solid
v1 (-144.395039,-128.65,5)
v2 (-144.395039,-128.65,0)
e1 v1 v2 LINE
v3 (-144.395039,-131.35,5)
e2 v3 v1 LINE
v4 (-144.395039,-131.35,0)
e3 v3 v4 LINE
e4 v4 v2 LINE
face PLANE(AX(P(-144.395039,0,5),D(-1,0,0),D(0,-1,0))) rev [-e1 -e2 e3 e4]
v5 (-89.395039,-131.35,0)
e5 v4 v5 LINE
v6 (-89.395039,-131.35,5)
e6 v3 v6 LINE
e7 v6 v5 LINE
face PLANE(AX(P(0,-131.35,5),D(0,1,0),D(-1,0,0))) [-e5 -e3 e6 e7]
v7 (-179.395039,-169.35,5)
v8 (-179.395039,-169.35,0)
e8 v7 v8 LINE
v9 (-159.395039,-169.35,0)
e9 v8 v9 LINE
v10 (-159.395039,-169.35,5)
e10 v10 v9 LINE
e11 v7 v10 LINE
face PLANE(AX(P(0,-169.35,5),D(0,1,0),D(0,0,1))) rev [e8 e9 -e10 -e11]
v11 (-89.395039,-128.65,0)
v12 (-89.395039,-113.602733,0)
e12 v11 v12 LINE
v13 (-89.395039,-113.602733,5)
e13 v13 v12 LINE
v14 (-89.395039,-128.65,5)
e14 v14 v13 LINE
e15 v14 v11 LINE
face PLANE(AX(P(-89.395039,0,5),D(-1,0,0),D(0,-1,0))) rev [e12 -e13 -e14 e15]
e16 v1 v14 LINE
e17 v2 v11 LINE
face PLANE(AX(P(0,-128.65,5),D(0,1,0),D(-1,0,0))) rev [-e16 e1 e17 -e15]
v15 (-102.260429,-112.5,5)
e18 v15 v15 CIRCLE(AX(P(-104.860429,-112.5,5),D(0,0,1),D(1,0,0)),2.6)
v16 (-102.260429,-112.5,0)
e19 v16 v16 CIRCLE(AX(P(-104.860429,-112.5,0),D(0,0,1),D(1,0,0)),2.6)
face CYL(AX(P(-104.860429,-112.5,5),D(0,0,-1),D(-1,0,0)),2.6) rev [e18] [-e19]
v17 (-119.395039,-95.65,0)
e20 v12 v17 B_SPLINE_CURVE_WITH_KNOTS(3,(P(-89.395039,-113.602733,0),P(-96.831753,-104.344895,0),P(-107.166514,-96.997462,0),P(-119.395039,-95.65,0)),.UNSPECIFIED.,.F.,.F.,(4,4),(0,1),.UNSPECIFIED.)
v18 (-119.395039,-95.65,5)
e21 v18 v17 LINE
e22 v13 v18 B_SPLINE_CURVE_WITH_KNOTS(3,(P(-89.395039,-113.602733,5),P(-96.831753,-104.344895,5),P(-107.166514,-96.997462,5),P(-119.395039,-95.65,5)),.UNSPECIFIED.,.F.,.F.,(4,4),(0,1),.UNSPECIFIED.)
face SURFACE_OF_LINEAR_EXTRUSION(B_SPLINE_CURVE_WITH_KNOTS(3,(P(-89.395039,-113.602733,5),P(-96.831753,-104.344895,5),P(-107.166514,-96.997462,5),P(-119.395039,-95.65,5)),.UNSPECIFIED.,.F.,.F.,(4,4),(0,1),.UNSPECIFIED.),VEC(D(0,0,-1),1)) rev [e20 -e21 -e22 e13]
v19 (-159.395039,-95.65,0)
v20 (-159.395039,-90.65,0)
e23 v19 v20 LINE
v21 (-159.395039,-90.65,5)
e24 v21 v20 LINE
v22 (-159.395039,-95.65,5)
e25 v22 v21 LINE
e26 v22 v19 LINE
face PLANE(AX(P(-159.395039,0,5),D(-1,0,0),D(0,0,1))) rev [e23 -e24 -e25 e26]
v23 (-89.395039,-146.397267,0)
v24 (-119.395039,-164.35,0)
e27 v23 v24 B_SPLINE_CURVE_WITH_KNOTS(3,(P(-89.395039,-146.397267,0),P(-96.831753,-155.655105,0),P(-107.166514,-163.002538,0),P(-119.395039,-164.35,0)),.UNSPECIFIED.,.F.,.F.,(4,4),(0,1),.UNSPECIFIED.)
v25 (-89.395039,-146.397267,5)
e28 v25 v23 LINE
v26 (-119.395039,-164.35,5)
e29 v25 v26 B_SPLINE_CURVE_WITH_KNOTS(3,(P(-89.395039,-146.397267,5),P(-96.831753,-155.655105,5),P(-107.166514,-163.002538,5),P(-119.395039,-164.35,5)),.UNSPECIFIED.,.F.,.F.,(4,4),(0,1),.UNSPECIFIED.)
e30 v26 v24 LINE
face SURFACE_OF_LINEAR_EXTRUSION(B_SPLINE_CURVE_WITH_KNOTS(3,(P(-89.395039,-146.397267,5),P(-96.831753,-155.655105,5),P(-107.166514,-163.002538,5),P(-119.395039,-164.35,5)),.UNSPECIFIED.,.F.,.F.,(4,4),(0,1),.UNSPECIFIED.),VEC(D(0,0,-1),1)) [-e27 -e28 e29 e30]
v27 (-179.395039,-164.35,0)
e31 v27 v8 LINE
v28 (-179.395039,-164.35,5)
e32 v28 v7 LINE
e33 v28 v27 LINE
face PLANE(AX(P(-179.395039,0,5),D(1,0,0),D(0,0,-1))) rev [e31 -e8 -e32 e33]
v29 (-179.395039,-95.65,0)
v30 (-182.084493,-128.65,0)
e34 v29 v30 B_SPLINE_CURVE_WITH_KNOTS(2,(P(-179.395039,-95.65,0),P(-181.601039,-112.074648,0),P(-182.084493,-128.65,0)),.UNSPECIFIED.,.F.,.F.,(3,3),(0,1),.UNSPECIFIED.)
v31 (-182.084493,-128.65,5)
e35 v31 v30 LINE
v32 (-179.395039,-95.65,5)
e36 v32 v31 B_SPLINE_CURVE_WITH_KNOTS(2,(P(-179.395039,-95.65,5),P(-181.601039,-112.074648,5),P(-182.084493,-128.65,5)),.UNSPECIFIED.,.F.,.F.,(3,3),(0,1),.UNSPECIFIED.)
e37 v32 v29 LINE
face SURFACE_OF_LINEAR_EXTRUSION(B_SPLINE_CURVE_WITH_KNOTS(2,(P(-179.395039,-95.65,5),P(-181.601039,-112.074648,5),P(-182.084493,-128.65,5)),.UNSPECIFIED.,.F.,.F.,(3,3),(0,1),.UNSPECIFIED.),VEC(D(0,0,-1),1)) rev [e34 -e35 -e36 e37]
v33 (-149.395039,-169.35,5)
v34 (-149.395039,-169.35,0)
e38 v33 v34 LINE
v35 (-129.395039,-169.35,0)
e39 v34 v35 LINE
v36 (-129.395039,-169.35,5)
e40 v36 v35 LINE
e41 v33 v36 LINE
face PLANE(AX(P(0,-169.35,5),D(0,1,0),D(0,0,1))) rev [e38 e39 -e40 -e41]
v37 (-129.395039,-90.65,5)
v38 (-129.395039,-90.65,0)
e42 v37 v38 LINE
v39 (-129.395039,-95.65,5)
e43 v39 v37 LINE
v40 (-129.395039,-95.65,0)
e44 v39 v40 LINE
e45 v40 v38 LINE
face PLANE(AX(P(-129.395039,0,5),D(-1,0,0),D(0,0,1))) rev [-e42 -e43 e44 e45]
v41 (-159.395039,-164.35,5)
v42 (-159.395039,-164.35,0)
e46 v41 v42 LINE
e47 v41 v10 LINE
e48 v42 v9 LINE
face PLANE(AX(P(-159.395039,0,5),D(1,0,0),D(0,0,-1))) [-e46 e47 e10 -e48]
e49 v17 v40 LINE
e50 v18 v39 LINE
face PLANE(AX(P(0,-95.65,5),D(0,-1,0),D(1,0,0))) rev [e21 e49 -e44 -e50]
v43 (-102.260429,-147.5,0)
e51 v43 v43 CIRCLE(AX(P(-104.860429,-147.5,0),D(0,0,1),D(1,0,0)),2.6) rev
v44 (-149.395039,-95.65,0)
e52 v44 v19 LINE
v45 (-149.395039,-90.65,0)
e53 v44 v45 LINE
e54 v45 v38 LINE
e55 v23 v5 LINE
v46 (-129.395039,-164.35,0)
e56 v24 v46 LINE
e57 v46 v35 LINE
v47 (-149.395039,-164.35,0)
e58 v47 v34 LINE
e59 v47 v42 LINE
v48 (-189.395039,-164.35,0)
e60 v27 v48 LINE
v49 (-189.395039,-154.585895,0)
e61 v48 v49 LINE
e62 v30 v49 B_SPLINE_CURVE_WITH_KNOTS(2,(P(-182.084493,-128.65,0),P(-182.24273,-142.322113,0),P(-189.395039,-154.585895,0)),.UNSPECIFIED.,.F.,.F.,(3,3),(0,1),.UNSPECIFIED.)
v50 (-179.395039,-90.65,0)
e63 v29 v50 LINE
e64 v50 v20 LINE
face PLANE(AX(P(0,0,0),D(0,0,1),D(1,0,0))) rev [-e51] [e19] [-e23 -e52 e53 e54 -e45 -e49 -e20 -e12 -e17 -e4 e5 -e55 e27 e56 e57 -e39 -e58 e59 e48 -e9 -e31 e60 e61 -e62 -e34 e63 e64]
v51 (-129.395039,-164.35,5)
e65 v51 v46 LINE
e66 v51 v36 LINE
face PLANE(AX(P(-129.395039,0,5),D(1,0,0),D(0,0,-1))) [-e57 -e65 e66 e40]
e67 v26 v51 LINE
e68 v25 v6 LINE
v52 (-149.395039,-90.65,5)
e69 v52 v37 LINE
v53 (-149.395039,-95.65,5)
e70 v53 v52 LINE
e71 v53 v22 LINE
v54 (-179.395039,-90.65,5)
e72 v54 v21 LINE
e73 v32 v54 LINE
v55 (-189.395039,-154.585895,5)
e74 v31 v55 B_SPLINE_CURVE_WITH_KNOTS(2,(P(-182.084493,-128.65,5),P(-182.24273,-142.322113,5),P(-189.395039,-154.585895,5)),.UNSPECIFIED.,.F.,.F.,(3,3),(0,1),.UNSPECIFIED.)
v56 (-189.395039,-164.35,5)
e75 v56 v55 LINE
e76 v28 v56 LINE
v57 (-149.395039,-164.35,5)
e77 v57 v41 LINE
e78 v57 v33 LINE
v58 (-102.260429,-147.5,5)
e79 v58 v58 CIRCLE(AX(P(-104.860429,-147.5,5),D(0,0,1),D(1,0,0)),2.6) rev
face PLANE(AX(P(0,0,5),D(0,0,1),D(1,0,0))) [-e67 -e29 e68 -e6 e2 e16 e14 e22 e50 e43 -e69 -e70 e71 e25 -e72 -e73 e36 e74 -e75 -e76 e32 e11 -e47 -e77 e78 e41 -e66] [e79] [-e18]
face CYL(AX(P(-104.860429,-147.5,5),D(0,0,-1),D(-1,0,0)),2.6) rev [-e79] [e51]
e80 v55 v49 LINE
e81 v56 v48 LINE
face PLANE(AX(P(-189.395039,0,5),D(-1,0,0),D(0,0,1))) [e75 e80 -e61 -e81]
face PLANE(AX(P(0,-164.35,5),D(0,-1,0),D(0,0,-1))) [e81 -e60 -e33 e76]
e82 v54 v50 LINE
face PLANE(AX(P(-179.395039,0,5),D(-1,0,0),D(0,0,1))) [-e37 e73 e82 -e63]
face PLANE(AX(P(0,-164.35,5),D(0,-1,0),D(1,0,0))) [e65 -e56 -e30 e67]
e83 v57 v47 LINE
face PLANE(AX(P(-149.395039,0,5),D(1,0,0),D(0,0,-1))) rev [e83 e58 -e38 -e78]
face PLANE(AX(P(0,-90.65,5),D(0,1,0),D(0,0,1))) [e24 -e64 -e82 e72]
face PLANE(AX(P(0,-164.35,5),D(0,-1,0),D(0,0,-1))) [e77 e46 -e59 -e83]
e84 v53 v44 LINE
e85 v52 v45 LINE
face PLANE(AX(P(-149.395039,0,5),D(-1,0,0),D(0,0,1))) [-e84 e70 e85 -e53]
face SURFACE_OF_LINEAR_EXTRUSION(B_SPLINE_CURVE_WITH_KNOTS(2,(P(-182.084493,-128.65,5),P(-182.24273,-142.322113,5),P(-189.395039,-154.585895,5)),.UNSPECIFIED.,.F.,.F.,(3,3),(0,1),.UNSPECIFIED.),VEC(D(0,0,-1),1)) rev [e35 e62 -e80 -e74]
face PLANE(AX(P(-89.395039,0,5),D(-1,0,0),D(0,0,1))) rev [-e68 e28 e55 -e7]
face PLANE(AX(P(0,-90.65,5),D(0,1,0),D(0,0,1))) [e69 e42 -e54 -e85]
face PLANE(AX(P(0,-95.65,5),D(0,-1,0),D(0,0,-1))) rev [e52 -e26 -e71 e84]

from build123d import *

# Parameters (mm, degrees)
SKETCH1_R           = 2.6
BOSS_EXTRUDE1_DEPTH = 5


with BuildPart() as part:
    # Sketch1 → Boss-Extrude1 (new body)
    with BuildSketch(Plane.XY):
        with BuildLine():
            Line((-144.395039413, -128.65), (-89.395039413, -128.65))
            Line((-89.395039413, -128.65), (-89.395039413, -113.602732617))
            add(Edge.make_bspline(
                [(-89.395039413, -113.602732617), (-96.831752604, -104.34489473), (-107.166514085, -96.997462442), (-119.395039413, -95.65)],
                knots=[0, 0, 0, 0, 1, 1, 1, 1], degree=3))
            Line((-119.395039413, -95.65), (-129.395039413, -95.65))
            Line((-129.395039413, -95.65), (-129.395039413, -90.65))
            Line((-129.395039413, -90.65), (-149.395039413, -90.65))
            Line((-149.395039413, -90.65), (-149.395039413, -95.65))
            Line((-149.395039413, -95.65), (-159.395039413, -95.65))
            Line((-159.395039413, -95.65), (-159.395039413, -90.65))
            Line((-159.395039413, -90.65), (-179.395039413, -90.65))
            Line((-179.395039413, -90.65), (-179.395039413, -95.65))
            add(Edge.make_bspline(
                [(-179.395039413, -95.65), (-181.601038643, -112.074647686), (-182.084492752, -128.65)],
                knots=[0, 0, 0, 1, 1, 1], degree=2))
            add(Edge.make_bspline(
                [(-182.084492752, -128.65), (-182.242729915, -142.32211305), (-189.395039413, -154.585895155)],
                knots=[0, 0, 0, 1, 1, 1], degree=2))
            Line((-189.395039413, -154.585895155), (-189.395039413, -164.35))
            Line((-189.395039413, -164.35), (-179.395039413, -164.35))
            Line((-179.395039413, -164.35), (-179.395039413, -169.35))
            Line((-179.395039413, -169.35), (-159.395039413, -169.35))
            Line((-159.395039413, -169.35), (-159.395039413, -164.35))
            Line((-159.395039413, -164.35), (-149.395039413, -164.35))
            Line((-149.395039413, -164.35), (-149.395039413, -169.35))
            Line((-149.395039413, -169.35), (-129.395039413, -169.35))
            Line((-129.395039413, -169.35), (-129.395039413, -164.35))
            Line((-129.395039413, -164.35), (-119.395039413, -164.35))
            add(Edge.make_bspline(
                [(-89.395039413, -146.397267383), (-96.831752604, -155.65510527), (-107.166514085, -163.002537558), (-119.395039413, -164.35)],
                knots=[0, 0, 0, 0, 1, 1, 1, 1], degree=3))
            Line((-89.395039413, -146.397267383), (-89.395039413, -131.35))
            Line((-89.395039413, -131.35), (-144.395039413, -131.35))
            Line((-144.395039413, -131.35), (-144.395039413, -128.65))
        make_face()
        with Locations((-104.860428981, -112.5)):
            Circle(SKETCH1_R, mode=Mode.SUBTRACT)
        with Locations((-104.860428981, -147.5)):
            Circle(SKETCH1_R, mode=Mode.SUBTRACT)
    extrude(amount=BOSS_EXTRUDE1_DEPTH)


solid = part.part
